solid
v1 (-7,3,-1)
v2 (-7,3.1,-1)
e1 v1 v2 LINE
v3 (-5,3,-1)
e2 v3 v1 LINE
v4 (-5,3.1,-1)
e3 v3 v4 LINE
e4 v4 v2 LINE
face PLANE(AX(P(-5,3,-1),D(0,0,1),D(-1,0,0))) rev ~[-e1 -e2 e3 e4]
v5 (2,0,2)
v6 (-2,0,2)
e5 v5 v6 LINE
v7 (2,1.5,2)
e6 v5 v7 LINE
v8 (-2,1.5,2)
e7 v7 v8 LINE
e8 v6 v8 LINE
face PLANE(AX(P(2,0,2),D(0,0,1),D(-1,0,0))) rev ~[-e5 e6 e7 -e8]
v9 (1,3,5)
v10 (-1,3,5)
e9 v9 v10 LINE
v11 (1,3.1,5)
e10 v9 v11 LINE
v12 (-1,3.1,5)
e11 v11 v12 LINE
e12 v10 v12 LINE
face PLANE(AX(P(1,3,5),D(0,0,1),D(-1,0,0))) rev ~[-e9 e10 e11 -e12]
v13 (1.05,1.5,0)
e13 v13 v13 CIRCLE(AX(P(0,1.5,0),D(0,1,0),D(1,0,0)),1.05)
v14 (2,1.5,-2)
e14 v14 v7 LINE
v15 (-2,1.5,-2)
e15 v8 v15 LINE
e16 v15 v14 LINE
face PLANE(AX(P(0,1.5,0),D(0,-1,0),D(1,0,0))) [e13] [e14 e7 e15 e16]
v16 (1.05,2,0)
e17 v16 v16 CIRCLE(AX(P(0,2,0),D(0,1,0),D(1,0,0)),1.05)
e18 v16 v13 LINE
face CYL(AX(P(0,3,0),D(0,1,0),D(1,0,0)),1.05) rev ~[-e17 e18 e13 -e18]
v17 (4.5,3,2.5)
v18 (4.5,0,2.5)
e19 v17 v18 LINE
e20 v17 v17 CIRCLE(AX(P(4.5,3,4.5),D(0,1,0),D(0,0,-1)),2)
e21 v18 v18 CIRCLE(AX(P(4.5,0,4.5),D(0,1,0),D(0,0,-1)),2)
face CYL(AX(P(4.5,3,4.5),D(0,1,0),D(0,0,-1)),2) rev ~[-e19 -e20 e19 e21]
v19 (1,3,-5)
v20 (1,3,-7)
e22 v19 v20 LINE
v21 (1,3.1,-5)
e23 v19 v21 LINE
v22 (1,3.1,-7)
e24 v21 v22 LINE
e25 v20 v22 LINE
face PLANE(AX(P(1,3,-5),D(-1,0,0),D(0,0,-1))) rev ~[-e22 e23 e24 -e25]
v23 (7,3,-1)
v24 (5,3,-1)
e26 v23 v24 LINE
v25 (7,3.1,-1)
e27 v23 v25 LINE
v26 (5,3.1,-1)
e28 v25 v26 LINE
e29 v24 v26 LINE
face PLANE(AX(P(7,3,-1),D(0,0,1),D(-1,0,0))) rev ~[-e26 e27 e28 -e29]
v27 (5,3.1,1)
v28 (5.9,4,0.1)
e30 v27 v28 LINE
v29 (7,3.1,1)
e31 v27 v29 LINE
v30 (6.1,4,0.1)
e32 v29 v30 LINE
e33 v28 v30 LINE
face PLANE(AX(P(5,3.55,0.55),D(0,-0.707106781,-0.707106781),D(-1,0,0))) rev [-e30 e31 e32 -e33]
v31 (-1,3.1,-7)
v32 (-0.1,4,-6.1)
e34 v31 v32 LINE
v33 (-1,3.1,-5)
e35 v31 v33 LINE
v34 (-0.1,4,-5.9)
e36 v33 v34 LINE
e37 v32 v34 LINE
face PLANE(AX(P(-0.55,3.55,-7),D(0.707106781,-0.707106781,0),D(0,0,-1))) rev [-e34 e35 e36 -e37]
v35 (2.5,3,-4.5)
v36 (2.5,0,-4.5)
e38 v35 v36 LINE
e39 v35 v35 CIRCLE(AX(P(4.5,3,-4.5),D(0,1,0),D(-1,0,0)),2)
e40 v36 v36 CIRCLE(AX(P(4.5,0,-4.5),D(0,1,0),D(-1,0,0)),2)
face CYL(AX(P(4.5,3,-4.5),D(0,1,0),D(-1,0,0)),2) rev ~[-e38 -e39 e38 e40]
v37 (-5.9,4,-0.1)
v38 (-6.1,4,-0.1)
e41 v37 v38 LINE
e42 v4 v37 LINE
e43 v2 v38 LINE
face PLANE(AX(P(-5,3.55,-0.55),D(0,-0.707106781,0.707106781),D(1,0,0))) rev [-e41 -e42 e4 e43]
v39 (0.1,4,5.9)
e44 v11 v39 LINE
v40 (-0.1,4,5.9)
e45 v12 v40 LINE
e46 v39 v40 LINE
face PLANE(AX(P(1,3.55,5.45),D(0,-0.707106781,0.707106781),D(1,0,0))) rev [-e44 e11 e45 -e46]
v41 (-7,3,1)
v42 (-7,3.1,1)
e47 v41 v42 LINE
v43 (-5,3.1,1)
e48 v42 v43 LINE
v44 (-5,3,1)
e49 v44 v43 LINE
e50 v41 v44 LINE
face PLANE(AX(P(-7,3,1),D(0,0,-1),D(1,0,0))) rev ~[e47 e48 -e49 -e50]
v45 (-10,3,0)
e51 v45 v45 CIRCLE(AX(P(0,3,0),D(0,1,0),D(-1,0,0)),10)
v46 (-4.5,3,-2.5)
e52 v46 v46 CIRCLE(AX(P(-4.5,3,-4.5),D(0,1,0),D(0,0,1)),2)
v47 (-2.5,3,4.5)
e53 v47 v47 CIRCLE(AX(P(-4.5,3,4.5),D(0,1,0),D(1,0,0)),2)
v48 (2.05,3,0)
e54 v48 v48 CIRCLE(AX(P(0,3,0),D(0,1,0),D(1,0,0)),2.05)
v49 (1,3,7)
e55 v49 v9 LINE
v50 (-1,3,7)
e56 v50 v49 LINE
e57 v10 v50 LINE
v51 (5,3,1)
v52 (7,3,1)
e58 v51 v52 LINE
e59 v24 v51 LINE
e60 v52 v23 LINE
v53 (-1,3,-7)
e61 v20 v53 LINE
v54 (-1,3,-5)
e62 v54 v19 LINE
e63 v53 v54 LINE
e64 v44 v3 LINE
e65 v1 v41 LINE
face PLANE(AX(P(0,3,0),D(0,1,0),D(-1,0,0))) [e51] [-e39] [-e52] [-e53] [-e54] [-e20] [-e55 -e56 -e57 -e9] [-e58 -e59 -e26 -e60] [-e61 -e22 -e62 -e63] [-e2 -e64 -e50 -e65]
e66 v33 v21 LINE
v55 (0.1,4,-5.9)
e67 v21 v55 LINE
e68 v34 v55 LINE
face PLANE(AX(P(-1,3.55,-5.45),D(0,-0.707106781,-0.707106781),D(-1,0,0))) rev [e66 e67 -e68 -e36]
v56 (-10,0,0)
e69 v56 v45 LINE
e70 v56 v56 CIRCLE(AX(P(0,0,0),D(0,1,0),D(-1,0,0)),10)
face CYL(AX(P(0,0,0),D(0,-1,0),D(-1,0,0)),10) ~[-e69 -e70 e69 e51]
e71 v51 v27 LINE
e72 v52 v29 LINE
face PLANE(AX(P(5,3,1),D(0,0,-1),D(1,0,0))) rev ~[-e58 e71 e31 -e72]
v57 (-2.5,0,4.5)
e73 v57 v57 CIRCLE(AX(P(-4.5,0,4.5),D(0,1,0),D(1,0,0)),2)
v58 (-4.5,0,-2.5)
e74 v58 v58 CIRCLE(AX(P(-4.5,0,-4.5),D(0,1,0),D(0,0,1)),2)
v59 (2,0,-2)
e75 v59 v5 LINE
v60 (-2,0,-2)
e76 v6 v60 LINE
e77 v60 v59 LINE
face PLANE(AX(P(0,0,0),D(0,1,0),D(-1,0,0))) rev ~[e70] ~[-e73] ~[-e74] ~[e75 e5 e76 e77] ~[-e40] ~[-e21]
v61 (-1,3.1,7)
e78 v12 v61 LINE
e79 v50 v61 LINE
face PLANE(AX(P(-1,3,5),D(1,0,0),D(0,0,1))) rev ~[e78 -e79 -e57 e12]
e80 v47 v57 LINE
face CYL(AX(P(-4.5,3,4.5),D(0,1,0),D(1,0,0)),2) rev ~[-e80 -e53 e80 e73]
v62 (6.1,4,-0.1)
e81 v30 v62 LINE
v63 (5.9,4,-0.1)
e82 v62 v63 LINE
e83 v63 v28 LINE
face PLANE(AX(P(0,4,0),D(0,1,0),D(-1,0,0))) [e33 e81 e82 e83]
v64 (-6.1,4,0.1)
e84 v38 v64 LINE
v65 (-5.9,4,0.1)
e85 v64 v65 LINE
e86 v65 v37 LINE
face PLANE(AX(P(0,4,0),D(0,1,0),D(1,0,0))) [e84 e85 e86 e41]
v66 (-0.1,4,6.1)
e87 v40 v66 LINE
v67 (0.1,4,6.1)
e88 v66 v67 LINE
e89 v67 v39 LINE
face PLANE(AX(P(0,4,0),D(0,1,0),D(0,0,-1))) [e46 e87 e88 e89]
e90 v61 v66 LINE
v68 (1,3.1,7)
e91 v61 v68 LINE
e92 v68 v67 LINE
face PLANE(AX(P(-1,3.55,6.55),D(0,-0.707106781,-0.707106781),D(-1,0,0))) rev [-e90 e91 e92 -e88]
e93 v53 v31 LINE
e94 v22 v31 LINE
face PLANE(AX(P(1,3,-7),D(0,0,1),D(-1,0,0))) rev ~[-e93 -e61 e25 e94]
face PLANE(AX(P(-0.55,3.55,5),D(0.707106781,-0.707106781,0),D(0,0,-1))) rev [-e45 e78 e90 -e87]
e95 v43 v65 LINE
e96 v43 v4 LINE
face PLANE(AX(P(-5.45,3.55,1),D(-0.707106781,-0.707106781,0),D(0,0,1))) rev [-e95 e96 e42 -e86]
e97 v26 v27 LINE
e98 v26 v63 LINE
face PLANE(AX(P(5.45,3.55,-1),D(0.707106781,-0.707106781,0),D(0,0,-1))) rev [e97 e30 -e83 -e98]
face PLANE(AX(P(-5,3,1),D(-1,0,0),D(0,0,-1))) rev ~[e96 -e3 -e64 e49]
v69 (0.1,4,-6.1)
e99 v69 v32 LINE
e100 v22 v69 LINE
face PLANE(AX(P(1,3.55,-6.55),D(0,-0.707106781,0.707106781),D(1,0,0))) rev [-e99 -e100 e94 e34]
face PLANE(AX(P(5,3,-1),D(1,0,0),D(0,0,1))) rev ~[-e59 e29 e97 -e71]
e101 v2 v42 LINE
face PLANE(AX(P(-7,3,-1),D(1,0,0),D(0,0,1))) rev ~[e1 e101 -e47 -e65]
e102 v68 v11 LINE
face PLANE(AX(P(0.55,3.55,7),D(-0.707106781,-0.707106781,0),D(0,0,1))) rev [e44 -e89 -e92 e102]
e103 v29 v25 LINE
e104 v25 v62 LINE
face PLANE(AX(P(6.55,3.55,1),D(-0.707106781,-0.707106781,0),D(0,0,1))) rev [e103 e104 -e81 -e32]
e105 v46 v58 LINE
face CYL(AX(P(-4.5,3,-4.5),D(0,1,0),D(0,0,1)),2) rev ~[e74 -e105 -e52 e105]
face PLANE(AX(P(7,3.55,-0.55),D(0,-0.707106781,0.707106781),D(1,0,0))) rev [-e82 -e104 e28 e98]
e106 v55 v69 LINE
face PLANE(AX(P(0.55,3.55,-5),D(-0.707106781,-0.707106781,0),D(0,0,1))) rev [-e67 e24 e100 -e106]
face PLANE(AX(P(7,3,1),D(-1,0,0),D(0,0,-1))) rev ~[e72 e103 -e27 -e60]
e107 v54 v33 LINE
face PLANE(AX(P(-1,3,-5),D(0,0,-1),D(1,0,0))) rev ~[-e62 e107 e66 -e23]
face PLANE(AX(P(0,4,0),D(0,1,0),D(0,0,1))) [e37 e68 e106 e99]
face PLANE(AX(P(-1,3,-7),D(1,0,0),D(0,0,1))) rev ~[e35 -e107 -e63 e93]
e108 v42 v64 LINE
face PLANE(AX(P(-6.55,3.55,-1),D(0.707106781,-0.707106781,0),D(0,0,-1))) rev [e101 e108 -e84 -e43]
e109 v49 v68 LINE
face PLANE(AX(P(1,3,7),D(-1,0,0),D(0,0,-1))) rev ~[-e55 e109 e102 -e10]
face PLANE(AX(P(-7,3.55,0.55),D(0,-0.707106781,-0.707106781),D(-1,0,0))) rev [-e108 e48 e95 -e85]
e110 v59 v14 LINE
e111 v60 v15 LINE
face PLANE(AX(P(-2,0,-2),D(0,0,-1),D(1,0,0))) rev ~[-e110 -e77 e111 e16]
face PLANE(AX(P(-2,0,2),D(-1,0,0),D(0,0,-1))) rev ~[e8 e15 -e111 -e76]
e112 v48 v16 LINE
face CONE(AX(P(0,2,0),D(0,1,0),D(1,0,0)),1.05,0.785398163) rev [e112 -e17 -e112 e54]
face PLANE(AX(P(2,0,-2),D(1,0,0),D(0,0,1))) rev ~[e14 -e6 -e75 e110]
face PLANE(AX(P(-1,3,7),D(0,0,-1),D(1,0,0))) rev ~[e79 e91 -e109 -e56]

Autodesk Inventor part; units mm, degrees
ref_plane "YZ Plane" through (0, 0, 0) normal (1, 0, 0) x (0, 1, 0)
ref_plane "XZ Plane" through (0, 0, 0) normal (0, 1, 0) x (-1, 0, 0)
ref_plane "XY Plane" through (0, 0, 0) normal (0, 0, 1) x (1, 0, 0)
sketch "Sketch1" plane through (0, 0, 0) normal (0, 1, 0) x (-1, 0, 0)
  circle A0 centre (0, 0) radius 10
  dimension "d0" = 20
extrude "Extrusion1" add sketch "Sketch1" along normal blind 3
sketch "Sketch2" plane through (0, 3, 0) normal (0, 1, 0) x (1, 0, 0)
  line L0 (-7, -1) -> (-5, -1)
  line L1 (-5, -1) -> (-5, 1)
  line L2 (-5, 1) -> (-7, 1)
  line L3 (-7, 1) -> (-7, -1)
  point P0 (0, 0)
  dimension "d3" = 2
  dimension "d4" = 2
  dimension "d5" = 5
  dimension "d6" = 1
extrude "Extrusion2" add sketch "Sketch2" along normal blind 1
pattern_circular "Circular Pattern2" count 4 over 360 about axis through (0, 0, 0) along (0, 1, 0) of "Extrusion2"
chamfer "Chamfer3" distance 0.9 angle 45 16 edges at (-6, 4, 1) (-5, 4, 0) (-6, 4, -1) (-7, 4, 0) (0, 4, -5) (-1, 4, -6) (0, 4, -7) (1, 4, -6) (6, 4, -1) (7, 4, 0) (5, 4, 0) (6, 4, 1) (1, 4, 6) (-1, 4, 6) (0, 4, 5) (0, 4, 7)
sketch "Sketch3" plane through (0, 3, 0) normal (0, 1, 0) x (1, 0, 0)
  circle A0 centre (-4.5, -4.5) radius 2
  point P0 (0, 0)
  dimension "d24" = 4
  dimension "d25" = 4.5
  dimension "d26" = 4.5
extrude "Extrusion3" cut sketch "Sketch3" against normal through all
pattern_circular "Circular Pattern3" count 4 over 360 about axis through (0, 0, 0) along (0, 1, 0) of "Extrusion3"
sketch "Sketch5" plane through (0, 0, 0) normal (0, -1, 0) x (1, 0, 0)
  line L0 (-2, -2) -> (2, -2)
  line L1 (2, -2) -> (2, 2)
  line L2 (2, 2) -> (-2, 2)
  line L3 (-2, 2) -> (-2, -2)
  point P0 (0, 0)
  dimension "d39" = 4
  dimension "d40" = 4
  dimension "d41" = 2
  dimension "d42" = 2
extrude "Extrusion5" cut sketch "Sketch5" against normal blind 1.5
sketch "Sketch6" plane through (0, 3, 0) normal (0, 1, 0) x (1, 0, 0)
  circle A0 centre (0, 0) radius 1.05
  dimension "d45" = 2.1
extrude "Extrusion6" cut sketch "Sketch6" against normal through all
chamfer "Chamfer4" distance 1 angle 45 1 edges at (-1.05, 3, 0)
properties part number "dent"
